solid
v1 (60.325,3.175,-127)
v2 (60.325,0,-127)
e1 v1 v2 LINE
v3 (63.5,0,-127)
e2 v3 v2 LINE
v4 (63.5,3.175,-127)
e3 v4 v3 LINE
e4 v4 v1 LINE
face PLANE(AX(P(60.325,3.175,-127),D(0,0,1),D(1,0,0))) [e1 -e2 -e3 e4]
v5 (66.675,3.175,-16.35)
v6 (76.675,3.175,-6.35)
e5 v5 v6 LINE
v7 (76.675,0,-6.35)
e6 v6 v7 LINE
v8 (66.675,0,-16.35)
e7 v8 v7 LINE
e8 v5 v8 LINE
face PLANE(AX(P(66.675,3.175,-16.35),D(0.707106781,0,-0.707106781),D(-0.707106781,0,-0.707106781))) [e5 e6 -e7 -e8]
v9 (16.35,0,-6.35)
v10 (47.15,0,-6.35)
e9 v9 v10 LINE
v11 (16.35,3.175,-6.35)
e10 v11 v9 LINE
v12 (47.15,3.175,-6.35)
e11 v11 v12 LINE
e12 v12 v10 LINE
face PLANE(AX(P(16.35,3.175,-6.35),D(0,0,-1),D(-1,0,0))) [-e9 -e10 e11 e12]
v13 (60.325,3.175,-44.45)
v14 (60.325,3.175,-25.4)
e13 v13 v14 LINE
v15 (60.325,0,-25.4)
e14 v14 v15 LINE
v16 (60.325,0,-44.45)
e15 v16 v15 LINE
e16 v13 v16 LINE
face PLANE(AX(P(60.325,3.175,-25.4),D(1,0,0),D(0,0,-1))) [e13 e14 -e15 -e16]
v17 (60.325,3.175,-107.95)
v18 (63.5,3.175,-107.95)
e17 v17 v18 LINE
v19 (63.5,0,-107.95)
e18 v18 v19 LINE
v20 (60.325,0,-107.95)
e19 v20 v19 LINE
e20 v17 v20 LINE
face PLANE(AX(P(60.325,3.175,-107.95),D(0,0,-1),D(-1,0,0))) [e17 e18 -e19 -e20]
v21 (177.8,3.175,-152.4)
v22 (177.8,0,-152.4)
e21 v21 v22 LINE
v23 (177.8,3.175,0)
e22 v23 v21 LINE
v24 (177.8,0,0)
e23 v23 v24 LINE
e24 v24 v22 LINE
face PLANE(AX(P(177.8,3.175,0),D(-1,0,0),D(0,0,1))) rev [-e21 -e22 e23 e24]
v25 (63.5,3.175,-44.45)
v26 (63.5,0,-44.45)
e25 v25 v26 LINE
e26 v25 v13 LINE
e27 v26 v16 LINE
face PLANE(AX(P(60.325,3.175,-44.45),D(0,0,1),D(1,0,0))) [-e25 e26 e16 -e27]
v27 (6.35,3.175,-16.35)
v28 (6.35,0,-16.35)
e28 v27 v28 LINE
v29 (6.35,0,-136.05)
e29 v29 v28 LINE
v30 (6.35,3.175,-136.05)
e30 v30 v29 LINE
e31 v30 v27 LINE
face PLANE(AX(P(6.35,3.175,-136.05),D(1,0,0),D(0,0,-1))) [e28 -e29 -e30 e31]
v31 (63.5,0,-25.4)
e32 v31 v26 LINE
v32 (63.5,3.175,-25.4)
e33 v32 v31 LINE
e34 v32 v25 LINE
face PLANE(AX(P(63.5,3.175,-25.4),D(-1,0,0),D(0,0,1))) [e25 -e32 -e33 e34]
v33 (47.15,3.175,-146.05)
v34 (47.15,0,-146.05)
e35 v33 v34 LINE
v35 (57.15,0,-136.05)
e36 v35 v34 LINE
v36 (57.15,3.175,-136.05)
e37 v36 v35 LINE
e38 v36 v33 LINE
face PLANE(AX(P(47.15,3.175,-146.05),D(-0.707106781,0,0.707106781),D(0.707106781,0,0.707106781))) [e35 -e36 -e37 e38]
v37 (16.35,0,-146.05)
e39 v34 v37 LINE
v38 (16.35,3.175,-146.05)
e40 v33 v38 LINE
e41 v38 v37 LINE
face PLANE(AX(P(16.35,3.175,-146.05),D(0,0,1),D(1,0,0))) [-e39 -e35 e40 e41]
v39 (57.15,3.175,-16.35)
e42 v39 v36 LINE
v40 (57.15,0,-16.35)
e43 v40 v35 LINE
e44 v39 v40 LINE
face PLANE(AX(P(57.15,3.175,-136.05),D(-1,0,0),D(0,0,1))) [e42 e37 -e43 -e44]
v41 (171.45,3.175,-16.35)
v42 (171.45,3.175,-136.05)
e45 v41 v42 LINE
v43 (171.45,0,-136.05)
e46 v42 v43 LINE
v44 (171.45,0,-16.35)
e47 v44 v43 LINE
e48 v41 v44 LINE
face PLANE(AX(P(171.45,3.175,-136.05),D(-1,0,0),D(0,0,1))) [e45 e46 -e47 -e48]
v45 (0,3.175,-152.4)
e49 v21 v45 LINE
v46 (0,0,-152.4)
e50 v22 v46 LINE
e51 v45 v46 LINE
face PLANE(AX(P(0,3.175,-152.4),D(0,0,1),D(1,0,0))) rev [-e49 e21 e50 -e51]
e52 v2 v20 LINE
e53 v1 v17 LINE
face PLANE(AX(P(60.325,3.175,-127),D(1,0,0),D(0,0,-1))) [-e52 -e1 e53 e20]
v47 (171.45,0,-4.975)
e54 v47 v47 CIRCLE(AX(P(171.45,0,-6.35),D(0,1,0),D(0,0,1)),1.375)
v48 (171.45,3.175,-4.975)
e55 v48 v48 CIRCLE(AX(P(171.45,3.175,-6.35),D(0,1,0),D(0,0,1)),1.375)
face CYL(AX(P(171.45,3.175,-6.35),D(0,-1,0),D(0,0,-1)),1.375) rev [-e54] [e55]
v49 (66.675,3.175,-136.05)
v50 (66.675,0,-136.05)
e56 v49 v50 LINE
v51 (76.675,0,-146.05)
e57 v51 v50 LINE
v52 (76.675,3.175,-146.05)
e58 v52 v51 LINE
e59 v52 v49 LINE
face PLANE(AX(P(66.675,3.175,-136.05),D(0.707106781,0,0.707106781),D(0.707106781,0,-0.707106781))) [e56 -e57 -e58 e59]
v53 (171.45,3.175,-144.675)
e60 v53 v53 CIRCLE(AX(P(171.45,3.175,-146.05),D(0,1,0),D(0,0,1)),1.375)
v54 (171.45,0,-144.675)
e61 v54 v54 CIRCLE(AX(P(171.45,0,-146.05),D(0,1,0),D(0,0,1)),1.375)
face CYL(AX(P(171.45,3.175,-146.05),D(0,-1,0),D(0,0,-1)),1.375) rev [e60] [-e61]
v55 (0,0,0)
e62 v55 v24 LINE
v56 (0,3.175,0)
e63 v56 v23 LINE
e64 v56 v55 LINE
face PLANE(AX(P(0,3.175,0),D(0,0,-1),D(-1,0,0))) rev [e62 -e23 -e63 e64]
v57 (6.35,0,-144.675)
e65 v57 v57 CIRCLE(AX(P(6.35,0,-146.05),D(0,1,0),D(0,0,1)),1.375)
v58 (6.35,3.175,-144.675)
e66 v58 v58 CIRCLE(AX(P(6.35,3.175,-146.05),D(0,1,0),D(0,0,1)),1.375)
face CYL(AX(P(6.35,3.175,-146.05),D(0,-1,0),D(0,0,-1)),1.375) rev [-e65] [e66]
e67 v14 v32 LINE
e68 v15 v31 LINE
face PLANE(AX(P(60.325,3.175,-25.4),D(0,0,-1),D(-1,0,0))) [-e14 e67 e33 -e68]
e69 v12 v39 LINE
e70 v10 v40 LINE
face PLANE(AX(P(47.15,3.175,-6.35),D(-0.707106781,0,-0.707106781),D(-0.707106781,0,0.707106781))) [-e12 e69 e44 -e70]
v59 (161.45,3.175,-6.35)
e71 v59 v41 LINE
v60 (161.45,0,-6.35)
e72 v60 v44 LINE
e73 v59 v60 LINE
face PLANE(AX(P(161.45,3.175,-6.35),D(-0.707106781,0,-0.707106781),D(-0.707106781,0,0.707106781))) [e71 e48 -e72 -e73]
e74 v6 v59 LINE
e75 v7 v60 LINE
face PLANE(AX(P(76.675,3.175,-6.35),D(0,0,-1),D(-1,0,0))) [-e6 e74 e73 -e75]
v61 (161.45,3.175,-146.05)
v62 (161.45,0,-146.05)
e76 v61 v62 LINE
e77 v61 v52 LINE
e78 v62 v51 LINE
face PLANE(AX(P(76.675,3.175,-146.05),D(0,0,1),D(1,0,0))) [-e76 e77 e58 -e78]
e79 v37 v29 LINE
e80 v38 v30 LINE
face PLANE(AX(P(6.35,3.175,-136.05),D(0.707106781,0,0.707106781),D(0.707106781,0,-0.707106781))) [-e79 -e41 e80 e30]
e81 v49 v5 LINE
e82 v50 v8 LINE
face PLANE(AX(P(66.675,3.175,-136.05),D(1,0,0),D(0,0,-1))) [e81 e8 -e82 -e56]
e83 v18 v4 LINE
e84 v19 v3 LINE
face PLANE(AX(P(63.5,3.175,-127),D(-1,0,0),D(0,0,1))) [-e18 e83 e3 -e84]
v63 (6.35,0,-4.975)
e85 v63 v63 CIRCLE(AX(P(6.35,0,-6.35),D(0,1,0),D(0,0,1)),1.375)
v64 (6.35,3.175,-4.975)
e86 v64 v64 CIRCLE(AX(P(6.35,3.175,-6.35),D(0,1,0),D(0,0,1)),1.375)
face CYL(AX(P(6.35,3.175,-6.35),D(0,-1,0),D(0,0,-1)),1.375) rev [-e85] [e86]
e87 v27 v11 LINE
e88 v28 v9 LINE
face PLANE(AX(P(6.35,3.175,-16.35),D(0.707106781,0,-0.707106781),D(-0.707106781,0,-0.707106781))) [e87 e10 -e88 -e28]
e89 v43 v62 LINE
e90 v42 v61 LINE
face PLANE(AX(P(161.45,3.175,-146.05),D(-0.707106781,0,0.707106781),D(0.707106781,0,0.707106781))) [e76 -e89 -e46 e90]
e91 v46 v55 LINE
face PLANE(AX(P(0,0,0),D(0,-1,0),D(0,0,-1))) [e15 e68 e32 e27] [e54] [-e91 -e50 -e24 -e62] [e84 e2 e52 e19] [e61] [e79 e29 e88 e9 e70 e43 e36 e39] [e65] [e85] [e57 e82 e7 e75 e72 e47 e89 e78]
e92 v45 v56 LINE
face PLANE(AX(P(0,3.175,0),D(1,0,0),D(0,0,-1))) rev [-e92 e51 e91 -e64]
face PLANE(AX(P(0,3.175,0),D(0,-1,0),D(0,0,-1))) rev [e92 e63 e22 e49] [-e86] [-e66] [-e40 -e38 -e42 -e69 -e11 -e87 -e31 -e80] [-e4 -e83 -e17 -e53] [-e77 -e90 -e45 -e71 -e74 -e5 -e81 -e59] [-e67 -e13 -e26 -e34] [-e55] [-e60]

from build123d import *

# Parameters (mm, degrees)
SKETCH1_W           = 177.8
SKETCH1_H           = 152.4
SKETCH1_R           = 1.375
SKETCH1_W_2         = 3.175
SKETCH1_H_2         = 19.05
BOSS_EXTRUDE5_DEPTH = 3.175


with BuildPart() as part:
    # Sketch1 → Boss-Extrude5 (new body)
    with BuildSketch(Plane(origin=(0, 0, 0), x_dir=(1, 0, 0), z_dir=(0, 1, 0))):
        with Locations((88.9, 76.2)):
            Rectangle(SKETCH1_W, SKETCH1_H)
        with Locations(Location((6.35, 146.05, 0), (0, 0, 270))):
            Circle(SKETCH1_R, mode=Mode.SUBTRACT)
        with Locations(Location((6.35, 6.35, 0), (0, 0, 270))):
            Circle(SKETCH1_R, mode=Mode.SUBTRACT)
        with Locations(Location((171.45, 6.35, 0), (0, 0, 270))):
            Circle(SKETCH1_R, mode=Mode.SUBTRACT)
        with Locations(Location((171.45, 146.05, 0), (0, 0, 270))):
            Circle(SKETCH1_R, mode=Mode.SUBTRACT)
        Polygon((6.35, 16.35), (16.35, 6.35), (47.15, 6.35), (57.15, 16.35), (57.15, 136.05), (47.15, 146.05), (16.35, 146.05), (6.35, 136.05), align=None, mode=Mode.SUBTRACT)
        Polygon((76.675, 146.05), (161.45, 146.05), (171.45, 136.05), (171.45, 16.35), (161.45, 6.35), (76.675, 6.35), (66.675, 16.35), (66.675, 136.05), align=None, mode=Mode.SUBTRACT)
        with Locations((61.9125, 117.475)):
            Rectangle(SKETCH1_W_2, SKETCH1_H_2, mode=Mode.SUBTRACT)
        with Locations((61.9125, 34.925)):
            Rectangle(SKETCH1_W_2, SKETCH1_H_2, mode=Mode.SUBTRACT)
    extrude(amount=BOSS_EXTRUDE5_DEPTH)


solid = part.part
